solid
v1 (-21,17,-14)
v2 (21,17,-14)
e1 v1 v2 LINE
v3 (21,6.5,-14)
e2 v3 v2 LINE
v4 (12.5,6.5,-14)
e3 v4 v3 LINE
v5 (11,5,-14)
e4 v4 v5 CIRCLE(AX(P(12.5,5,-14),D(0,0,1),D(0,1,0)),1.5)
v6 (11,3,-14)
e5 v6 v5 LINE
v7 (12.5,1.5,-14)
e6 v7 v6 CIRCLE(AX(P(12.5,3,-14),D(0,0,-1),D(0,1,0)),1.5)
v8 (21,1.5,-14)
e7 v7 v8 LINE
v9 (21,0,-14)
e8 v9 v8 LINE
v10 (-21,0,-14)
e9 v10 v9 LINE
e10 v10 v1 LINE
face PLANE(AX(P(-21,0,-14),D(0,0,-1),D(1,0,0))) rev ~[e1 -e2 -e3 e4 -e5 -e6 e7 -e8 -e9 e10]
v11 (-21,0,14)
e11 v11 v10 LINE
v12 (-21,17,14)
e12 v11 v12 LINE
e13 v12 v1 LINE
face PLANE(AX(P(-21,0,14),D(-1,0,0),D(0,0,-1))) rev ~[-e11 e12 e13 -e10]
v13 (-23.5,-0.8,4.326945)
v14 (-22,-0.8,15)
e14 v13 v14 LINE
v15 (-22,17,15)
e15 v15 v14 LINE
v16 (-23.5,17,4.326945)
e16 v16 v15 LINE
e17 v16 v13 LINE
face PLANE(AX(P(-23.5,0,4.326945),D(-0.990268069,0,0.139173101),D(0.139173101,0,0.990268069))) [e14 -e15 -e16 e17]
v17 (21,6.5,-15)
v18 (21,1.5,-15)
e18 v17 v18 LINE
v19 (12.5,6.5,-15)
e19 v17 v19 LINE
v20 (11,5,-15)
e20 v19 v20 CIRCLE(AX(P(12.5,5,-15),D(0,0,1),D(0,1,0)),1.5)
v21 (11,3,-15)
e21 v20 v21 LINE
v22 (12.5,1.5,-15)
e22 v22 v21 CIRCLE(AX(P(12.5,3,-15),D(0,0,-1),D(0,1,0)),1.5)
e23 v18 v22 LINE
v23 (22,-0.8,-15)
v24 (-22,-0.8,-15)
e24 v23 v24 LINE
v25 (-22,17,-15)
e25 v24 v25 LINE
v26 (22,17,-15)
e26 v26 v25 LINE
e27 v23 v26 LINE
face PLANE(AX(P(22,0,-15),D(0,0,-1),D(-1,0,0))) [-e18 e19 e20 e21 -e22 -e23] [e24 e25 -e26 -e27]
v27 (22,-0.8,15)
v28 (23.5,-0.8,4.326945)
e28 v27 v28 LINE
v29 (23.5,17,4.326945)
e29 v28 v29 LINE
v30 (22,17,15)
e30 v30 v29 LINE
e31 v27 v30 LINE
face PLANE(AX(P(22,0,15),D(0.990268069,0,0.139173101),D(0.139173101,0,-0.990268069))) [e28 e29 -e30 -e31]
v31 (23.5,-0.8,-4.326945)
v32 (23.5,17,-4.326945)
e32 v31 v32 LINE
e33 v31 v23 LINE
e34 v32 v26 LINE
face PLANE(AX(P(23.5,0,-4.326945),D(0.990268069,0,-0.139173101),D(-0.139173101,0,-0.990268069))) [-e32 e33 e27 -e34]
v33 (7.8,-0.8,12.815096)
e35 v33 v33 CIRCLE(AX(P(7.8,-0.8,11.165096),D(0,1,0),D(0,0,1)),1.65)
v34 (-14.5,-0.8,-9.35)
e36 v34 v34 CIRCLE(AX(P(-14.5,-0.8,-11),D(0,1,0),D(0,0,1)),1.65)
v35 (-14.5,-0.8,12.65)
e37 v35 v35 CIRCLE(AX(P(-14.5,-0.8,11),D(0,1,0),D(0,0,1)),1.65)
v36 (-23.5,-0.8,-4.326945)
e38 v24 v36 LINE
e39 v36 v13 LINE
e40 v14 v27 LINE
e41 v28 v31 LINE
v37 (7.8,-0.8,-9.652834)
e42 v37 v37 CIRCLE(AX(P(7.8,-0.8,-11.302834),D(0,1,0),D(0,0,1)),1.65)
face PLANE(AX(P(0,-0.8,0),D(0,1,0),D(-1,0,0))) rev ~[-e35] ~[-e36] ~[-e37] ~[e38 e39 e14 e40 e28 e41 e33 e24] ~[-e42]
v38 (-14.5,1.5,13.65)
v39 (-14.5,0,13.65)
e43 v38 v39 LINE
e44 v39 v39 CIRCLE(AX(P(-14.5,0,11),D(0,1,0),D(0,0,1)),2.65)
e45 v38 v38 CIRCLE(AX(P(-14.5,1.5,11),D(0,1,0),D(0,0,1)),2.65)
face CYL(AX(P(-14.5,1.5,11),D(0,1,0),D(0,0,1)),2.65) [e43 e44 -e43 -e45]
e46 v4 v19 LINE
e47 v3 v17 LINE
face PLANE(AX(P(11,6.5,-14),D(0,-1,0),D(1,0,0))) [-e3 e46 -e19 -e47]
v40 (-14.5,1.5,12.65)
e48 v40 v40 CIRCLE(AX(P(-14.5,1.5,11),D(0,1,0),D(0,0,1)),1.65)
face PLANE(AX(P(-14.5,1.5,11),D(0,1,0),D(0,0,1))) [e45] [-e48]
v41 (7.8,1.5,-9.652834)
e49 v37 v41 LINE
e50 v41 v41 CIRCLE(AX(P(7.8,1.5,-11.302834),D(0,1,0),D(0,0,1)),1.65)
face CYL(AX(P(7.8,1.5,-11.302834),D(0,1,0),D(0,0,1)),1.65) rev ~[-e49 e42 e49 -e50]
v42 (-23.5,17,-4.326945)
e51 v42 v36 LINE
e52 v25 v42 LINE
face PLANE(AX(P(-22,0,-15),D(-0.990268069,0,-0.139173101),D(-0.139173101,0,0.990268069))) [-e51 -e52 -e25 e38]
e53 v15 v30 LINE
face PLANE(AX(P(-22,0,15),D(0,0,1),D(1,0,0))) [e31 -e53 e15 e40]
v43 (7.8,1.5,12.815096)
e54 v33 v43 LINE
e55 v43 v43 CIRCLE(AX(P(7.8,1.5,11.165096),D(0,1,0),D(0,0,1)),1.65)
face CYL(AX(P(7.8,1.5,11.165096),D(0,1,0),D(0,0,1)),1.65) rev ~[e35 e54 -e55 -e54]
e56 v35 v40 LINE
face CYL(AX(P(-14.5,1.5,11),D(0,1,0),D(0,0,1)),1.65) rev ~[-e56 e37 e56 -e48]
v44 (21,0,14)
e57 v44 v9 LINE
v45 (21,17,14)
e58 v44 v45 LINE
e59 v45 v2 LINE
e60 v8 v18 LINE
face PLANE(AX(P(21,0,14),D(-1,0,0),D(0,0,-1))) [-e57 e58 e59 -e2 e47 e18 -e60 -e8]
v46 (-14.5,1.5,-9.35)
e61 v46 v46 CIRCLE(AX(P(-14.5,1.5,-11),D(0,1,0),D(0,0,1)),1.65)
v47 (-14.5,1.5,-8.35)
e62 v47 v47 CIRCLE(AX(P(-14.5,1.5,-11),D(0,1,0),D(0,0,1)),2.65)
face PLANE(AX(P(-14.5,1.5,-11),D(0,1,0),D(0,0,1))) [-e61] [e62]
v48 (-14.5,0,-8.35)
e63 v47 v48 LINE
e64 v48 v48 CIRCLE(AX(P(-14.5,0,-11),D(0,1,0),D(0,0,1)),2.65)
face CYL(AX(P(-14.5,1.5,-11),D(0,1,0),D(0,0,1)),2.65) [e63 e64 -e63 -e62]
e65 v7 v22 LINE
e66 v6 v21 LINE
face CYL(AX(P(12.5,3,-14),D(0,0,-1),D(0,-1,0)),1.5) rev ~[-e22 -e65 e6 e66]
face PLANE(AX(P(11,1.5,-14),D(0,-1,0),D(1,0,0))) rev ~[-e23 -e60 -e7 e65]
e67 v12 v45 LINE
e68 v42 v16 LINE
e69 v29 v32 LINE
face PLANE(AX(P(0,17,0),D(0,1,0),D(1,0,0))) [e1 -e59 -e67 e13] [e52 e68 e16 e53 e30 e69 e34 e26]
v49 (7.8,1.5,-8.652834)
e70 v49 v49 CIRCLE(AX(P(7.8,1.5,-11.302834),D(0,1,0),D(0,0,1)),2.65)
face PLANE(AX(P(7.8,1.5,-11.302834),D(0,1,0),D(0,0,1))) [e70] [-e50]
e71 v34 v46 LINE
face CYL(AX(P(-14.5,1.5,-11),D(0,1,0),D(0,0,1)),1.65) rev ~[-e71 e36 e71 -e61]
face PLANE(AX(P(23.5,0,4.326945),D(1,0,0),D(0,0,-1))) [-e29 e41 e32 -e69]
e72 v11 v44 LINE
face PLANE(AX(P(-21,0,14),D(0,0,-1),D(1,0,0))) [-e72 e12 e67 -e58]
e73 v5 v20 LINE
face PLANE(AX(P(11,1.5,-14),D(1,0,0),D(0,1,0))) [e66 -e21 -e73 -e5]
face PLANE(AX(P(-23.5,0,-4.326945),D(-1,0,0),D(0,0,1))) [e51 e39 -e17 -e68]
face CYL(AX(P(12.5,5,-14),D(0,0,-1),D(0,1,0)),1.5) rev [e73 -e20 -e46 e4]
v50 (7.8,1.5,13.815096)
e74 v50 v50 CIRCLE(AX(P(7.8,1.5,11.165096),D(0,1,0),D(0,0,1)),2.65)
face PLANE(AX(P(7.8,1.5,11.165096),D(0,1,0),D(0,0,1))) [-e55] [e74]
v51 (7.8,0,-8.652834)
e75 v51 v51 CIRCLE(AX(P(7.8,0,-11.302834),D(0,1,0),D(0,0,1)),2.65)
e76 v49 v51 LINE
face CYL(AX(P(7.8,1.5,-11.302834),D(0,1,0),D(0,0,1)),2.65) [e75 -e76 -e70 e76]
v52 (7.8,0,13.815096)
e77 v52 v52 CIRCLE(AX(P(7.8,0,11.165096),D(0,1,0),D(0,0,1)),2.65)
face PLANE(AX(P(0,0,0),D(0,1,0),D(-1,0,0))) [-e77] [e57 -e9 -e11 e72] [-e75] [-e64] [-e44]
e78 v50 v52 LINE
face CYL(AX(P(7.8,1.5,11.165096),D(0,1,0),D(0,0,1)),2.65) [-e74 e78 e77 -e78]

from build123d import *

# Parameters (mm, degrees)
SKETCH1_W           = 42
SKETCH1_H           = 28
BOSS_EXTRUDE1_DEPTH = 17
BOSS_EXTRUDE3_DEPTH = 0.8
SKETCH4_R           = 1.65
CUT_EXTRUDE1_DEPTH  = 10.8
SKETCH5_W           = 10
SKETCH5_H           = 5
CUT_EXTRUDE2_DEPTH  = 10.8
FILLET1_R           = 1.5
BOSS_EXTRUDE4_START = 1.5
SKETCH6_R           = 2.65
SKETCH6_R_2         = 1.65
BOSS_EXTRUDE4_DEPTH = 1.5


with BuildPart() as part:
    # Sketch1 → Boss-Extrude1 (new body)
    with BuildSketch(Plane(origin=(0, 0, 0), x_dir=(1, 0, 0), z_dir=(0, 1, 0))):
        Polygon((-22, 15), (-23.5, 4.326945416), (-23.5, -4.326945416), (-22, -15), (22, -15), (23.5, -4.326945416), (23.5, 4.326945416), (22, 15), align=None)
        Rectangle(SKETCH1_W, SKETCH1_H, mode=Mode.SUBTRACT)
    extrude(amount=BOSS_EXTRUDE1_DEPTH)

    # Sketch3 → Boss-Extrude3 (add)
    with BuildSketch(Plane.XZ):
        Polygon((-22, 15), (22, 15), (23.5, 4.326945416), (23.5, -4.326945416), (22, -15), (-22, -15), (-23.5, -4.326945416), (-23.5, 4.326945416), align=None)
    extrude(amount=BOSS_EXTRUDE3_DEPTH)

    # Sketch4 → Cut-Extrude1 (cut)
    with BuildSketch(Plane(origin=(0, 0, 0), x_dir=(1, 0, 0), z_dir=(0, 1, 0))):
        with Locations(Location((-14.5, 11, 0), (0, 0, 270))):
            Circle(SKETCH4_R)
        with Locations(Location((7.8, 11.302833977, 0), (0, 0, 270))):
            Circle(SKETCH4_R)
        with Locations(Location((-14.5, -11, 0), (0, 0, 270))):
            Circle(SKETCH4_R)
        with Locations(Location((7.8, -11.16509614, 0), (0, 0, 270))):
            Circle(SKETCH4_R)
    extrude(amount=-CUT_EXTRUDE1_DEPTH, mode=Mode.SUBTRACT)

    # Sketch5 → Cut-Extrude2 (cut)
    with BuildSketch(Plane.XY.offset(-14)):
        with Locations((16, 4)):
            Rectangle(SKETCH5_W, SKETCH5_H)
    extrude(amount=-CUT_EXTRUDE2_DEPTH, mode=Mode.SUBTRACT)

    # Fillet1
    fillet1_edges = [part.edges().sort_by_distance(p)[0] for p in [
        (11, 1.5, -14.5),
        (11, 6.5, -14.5),
    ]]
    fillet(fillet1_edges, radius=FILLET1_R)

    # Sketch6 → Boss-Extrude4 (add)
    # profile 1 of 4: a face of its own
    with BuildSketch(Plane(origin=(0, 0, 0), x_dir=(1, 0, 0), z_dir=(0, 1, 0)).offset(BOSS_EXTRUDE4_START)):
        with Locations(Location((-14.5, 11, 0), (0, 0, 270))):
            Circle(SKETCH6_R)
        with Locations(Location((-14.5, 11, 0), (0, 0, 270))):
            Circle(SKETCH6_R_2, mode=Mode.SUBTRACT)
    # profile 2 of 4: a face of its own
    with BuildSketch(Plane(origin=(0, 0, 0), x_dir=(1, 0, 0), z_dir=(0, 1, 0)).offset(BOSS_EXTRUDE4_START)):
        with Locations(Location((7.8, 11.302833977, 0), (0, 0, 270))):
            Circle(SKETCH6_R)
        with Locations(Location((7.8, 11.302833977, 0), (0, 0, 270))):
            Circle(SKETCH6_R_2, mode=Mode.SUBTRACT)
    # profile 3 of 4: a face of its own
    with BuildSketch(Plane(origin=(0, 0, 0), x_dir=(1, 0, 0), z_dir=(0, 1, 0)).offset(BOSS_EXTRUDE4_START)):
        with Locations(Location((7.8, -11.16509614, 0), (0, 0, 270))):
            Circle(SKETCH6_R)
        with Locations(Location((7.8, -11.16509614, 0), (0, 0, 270))):
            Circle(SKETCH6_R_2, mode=Mode.SUBTRACT)
    # profile 4 of 4: a face of its own
    with BuildSketch(Plane(origin=(0, 0, 0), x_dir=(1, 0, 0), z_dir=(0, 1, 0)).offset(BOSS_EXTRUDE4_START)):
        with Locations(Location((-14.5, -11, 0), (0, 0, 270))):
            Circle(SKETCH6_R)
        with Locations(Location((-14.5, -11, 0), (0, 0, 270))):
            Circle(SKETCH6_R_2, mode=Mode.SUBTRACT)
    extrude(amount=-BOSS_EXTRUDE4_DEPTH)


solid = part.part
